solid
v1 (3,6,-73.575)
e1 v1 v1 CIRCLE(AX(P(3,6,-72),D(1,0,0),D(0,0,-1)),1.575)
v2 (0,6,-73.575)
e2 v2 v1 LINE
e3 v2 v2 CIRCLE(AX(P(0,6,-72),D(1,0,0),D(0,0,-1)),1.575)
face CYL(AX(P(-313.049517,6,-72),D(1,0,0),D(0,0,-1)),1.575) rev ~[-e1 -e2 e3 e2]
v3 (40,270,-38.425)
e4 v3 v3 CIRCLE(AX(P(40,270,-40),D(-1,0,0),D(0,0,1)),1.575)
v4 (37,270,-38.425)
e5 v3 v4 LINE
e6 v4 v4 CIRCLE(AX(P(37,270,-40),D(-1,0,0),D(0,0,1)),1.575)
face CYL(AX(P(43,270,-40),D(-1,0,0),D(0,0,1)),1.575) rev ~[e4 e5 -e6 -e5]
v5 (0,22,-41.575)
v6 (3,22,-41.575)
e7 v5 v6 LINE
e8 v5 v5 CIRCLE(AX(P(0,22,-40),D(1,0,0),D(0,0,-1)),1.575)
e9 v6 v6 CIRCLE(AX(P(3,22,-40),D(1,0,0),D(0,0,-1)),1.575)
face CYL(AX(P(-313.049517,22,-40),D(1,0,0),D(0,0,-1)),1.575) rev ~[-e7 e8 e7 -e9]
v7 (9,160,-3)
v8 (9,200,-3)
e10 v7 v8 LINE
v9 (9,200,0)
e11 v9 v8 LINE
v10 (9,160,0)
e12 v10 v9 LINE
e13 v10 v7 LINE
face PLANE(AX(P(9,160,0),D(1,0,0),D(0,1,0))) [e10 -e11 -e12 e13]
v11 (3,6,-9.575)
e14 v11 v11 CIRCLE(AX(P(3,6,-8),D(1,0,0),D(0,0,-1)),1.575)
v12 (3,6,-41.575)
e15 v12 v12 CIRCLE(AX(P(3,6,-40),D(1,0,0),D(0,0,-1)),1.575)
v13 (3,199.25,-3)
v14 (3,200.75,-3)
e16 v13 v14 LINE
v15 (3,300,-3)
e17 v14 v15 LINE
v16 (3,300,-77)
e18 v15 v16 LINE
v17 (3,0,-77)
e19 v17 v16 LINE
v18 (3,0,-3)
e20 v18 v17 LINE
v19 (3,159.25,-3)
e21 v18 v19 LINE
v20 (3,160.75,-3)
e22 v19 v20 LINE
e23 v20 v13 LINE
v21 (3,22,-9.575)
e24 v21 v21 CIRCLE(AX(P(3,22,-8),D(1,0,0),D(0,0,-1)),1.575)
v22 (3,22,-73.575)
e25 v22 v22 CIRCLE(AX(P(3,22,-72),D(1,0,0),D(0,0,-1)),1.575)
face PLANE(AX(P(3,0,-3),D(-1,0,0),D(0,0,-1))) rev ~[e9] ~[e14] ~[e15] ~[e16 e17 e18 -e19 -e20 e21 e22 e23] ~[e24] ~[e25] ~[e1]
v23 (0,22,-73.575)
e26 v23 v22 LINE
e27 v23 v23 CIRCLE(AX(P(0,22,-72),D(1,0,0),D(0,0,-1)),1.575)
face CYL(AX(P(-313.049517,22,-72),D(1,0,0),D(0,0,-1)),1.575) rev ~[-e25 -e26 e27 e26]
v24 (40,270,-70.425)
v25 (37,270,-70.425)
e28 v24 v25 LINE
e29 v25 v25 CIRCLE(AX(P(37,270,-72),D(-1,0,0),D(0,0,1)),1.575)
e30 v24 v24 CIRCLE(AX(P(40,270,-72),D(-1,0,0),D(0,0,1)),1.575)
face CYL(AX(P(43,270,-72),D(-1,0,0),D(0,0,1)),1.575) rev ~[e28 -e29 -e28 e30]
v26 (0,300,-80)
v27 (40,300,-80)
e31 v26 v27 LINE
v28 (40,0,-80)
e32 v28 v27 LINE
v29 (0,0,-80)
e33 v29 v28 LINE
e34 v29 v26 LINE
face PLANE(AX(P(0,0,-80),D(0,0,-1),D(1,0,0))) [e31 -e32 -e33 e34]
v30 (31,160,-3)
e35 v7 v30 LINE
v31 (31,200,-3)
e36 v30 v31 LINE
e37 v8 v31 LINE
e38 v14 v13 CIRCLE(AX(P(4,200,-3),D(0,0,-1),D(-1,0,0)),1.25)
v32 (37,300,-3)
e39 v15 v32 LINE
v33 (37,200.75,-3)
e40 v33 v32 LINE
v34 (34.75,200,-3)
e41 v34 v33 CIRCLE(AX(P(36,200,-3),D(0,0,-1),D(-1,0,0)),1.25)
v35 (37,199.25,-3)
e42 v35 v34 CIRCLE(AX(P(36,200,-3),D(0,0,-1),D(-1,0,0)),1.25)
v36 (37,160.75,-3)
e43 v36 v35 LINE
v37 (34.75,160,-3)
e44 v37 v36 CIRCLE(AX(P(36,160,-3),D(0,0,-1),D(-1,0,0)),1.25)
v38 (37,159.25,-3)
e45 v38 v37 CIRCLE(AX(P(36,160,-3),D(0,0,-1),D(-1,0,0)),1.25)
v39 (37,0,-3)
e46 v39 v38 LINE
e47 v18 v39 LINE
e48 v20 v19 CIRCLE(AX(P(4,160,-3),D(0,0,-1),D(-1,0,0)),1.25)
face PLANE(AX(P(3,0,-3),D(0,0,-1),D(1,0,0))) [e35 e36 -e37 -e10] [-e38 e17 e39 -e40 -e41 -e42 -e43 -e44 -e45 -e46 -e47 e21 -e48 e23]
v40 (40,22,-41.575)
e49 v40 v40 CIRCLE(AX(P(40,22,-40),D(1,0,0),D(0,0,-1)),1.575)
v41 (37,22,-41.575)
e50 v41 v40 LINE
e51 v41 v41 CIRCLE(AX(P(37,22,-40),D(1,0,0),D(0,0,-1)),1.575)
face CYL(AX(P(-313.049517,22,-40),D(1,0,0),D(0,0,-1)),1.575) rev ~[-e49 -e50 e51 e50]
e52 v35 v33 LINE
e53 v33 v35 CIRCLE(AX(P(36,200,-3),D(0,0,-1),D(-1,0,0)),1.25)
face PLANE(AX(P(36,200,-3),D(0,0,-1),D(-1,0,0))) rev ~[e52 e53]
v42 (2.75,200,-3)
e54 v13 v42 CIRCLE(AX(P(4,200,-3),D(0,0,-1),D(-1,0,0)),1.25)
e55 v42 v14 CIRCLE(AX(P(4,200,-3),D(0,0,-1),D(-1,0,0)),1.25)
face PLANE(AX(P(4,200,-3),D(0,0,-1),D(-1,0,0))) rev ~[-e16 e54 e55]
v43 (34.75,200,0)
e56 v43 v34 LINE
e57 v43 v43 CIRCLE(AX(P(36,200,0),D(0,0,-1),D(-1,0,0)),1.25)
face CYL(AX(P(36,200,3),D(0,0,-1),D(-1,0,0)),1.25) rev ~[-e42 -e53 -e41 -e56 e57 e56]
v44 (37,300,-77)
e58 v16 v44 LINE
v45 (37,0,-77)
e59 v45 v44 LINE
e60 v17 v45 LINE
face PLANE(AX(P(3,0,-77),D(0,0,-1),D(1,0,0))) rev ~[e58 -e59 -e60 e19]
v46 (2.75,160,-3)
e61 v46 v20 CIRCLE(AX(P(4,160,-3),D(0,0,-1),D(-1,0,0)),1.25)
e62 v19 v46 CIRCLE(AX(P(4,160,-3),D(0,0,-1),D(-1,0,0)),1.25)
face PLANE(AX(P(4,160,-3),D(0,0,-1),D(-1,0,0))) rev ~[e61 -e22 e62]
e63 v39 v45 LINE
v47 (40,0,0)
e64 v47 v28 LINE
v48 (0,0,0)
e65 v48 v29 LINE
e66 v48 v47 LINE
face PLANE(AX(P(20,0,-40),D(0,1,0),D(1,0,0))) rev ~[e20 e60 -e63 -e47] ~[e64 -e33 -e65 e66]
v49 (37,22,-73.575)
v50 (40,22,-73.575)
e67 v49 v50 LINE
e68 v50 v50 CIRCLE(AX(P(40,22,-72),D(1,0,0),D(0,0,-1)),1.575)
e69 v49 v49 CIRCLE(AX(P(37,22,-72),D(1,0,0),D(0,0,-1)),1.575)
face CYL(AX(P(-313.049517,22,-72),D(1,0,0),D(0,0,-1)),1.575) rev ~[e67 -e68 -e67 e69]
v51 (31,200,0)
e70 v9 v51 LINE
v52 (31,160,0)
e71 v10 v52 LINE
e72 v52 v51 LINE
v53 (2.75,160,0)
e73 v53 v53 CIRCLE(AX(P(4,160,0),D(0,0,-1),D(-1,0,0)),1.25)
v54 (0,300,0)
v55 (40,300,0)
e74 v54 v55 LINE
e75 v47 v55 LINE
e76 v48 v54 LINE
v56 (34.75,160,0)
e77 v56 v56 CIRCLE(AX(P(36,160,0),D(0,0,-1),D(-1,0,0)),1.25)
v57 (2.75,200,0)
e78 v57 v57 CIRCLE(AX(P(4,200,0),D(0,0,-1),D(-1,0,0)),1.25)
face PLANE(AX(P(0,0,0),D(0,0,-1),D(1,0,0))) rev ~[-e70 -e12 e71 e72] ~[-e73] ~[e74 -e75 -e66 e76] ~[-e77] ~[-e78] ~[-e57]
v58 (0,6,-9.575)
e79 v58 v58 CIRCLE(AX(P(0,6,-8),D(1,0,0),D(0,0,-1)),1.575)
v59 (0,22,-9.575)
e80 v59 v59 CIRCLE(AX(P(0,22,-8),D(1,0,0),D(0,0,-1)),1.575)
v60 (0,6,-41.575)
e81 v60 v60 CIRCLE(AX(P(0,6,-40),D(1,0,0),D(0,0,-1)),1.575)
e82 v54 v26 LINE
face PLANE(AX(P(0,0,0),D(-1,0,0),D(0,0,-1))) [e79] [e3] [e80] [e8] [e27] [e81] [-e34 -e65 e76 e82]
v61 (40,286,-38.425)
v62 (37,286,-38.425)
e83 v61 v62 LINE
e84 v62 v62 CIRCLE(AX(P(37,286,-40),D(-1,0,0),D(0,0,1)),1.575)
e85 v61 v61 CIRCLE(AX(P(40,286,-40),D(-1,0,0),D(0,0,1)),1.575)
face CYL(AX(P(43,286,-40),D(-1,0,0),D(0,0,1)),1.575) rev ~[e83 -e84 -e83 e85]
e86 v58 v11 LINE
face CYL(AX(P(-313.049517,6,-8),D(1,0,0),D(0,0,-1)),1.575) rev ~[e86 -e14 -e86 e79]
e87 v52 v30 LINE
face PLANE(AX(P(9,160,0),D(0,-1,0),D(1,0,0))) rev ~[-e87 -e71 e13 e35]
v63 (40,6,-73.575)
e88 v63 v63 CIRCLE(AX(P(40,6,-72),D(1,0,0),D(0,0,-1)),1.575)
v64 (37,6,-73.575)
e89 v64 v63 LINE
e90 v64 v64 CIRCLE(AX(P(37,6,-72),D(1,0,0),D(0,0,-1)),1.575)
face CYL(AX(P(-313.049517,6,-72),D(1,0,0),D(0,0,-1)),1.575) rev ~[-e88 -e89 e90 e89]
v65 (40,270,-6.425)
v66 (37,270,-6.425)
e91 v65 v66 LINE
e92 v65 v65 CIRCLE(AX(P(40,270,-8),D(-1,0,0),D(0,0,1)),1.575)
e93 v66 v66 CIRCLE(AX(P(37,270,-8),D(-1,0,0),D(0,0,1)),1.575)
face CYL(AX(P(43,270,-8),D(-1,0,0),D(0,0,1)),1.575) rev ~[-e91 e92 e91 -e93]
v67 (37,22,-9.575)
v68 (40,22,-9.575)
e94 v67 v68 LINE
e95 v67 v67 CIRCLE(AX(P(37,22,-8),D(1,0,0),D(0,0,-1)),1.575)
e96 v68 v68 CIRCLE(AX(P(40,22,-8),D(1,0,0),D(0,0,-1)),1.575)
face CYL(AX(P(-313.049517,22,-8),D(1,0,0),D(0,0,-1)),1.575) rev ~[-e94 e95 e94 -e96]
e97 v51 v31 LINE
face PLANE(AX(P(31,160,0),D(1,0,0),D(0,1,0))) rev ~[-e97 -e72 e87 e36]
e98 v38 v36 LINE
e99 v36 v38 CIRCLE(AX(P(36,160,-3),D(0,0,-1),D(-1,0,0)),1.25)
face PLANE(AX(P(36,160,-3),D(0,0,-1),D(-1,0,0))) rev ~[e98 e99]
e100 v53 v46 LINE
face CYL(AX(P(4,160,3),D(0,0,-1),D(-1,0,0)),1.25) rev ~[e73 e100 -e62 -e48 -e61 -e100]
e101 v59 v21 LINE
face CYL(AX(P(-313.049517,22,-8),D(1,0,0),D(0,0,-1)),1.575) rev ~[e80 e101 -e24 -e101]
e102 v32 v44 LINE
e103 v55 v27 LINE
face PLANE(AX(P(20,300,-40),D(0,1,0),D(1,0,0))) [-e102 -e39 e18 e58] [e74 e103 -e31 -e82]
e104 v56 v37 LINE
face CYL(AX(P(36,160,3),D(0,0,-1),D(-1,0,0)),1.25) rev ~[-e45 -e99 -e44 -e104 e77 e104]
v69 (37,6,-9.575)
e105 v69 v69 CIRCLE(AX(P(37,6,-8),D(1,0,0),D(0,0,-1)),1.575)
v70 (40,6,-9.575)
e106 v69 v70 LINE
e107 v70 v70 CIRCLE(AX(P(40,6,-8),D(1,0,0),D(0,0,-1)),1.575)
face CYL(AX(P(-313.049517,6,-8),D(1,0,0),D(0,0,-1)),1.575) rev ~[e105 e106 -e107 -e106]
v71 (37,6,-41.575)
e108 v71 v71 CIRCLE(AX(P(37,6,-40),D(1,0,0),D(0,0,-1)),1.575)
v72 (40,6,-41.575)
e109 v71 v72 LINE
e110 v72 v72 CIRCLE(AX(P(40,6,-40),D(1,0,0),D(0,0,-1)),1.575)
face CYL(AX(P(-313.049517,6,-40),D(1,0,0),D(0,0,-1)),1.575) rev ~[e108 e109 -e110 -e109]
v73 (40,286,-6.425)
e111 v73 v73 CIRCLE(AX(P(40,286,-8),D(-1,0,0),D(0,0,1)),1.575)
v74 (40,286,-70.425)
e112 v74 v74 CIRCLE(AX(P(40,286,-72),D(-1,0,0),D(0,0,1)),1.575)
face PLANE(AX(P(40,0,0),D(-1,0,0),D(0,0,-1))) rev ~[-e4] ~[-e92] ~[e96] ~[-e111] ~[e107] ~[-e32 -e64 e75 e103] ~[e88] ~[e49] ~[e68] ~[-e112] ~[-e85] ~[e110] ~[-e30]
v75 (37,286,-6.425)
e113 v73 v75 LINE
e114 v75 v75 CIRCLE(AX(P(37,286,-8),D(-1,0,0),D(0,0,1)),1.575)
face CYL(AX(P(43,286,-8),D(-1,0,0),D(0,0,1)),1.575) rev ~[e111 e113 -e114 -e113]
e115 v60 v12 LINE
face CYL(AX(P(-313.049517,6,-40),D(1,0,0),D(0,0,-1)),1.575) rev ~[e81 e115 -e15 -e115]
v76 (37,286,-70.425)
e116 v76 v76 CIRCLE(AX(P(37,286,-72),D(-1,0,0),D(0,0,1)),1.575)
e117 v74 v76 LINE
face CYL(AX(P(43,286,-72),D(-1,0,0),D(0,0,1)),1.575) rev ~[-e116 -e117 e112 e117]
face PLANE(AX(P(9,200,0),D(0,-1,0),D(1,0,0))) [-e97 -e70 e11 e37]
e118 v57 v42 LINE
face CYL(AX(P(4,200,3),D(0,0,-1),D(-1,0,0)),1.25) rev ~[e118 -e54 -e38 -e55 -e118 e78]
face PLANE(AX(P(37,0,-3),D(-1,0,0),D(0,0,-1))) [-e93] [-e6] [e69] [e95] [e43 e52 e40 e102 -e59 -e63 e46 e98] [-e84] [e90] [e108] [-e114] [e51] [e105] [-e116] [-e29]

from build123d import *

# Parameters (mm, degrees)
SKETCH1_W                        = 40
SKETCH1_H                        = 80
SKETCH1_W_2                      = 34
SKETCH1_H_2                      = 74
BOSS_EXTRUDE1_DEPTH              = 300
CUT_EXTRUDE1_REACH               = 315.05
SKETCH2_W                        = 22
SKETCH2_H                        = 40
TAP_DRILL_FOR_M3_TAP1_D          = 2.5
TAP_DRILL_FOR_M3_TAP1_DEPTH      = 3
TAP_DRILL_FOR_M3_HELICOIL1_D     = 3.15
TAP_DRILL_FOR_M3_HELICOIL2_D     = 3.15
TAP_DRILL_FOR_M3_HELICOIL2_DEPTH = 3


with BuildPart() as part:
    # Sketch1 → Boss-Extrude1 (new body)
    with BuildSketch(Plane(origin=(0, 0, 0), x_dir=(1, 0, 0), z_dir=(0, 1, 0))):
        with Locations((20, 40)):
            Rectangle(SKETCH1_W, SKETCH1_H)
        with Locations((20, 40)):
            Rectangle(SKETCH1_W_2, SKETCH1_H_2, mode=Mode.SUBTRACT)
    extrude(amount=BOSS_EXTRUDE1_DEPTH)

    # Sketch2 → Cut-Extrude1 (cut, up to next)
    with BuildSketch(Plane.XY, mode=Mode.PRIVATE) as cut_extrude1_sk1:
        with Locations((20, 180)):
            Rectangle(SKETCH2_W, SKETCH2_H)
    cut_extrude1_tool1 = extrude(cut_extrude1_sk1.sketch, amount=-CUT_EXTRUDE1_REACH, mode=Mode.PRIVATE) & part.part
    add(cut_extrude1_tool1.solids().sort_by_distance((20, 180, 0))[0], mode=Mode.SUBTRACT)

    # Tap Drill for M3 Tap1
    with Locations(Plane.XY):
        with Locations((4, 200), (36, 200), (36, 160), (4, 160)):
            Hole(TAP_DRILL_FOR_M3_TAP1_D / 2, depth=TAP_DRILL_FOR_M3_TAP1_DEPTH)

    # Tap Drill for M3 Helicoil1 (through all)
    with Locations(Plane.ZY):
        with Locations((-8, 6), (-40, 6), (-72, 6), (-40, 22), (-72, 22), (-8, 22)):
            Hole(TAP_DRILL_FOR_M3_HELICOIL1_D / 2)

    # Tap Drill for M3 Helicoil2
    with Locations(Plane(origin=(40, 0, 0), x_dir=(0, 0, -1), z_dir=(1, 0, 0))):
        with Locations((72, 286), (72, 270), (40, 286), (40, 270), (8, 286), (8, 270)):
            Hole(TAP_DRILL_FOR_M3_HELICOIL2_D / 2, depth=TAP_DRILL_FOR_M3_HELICOIL2_DEPTH)


solid = part.part
